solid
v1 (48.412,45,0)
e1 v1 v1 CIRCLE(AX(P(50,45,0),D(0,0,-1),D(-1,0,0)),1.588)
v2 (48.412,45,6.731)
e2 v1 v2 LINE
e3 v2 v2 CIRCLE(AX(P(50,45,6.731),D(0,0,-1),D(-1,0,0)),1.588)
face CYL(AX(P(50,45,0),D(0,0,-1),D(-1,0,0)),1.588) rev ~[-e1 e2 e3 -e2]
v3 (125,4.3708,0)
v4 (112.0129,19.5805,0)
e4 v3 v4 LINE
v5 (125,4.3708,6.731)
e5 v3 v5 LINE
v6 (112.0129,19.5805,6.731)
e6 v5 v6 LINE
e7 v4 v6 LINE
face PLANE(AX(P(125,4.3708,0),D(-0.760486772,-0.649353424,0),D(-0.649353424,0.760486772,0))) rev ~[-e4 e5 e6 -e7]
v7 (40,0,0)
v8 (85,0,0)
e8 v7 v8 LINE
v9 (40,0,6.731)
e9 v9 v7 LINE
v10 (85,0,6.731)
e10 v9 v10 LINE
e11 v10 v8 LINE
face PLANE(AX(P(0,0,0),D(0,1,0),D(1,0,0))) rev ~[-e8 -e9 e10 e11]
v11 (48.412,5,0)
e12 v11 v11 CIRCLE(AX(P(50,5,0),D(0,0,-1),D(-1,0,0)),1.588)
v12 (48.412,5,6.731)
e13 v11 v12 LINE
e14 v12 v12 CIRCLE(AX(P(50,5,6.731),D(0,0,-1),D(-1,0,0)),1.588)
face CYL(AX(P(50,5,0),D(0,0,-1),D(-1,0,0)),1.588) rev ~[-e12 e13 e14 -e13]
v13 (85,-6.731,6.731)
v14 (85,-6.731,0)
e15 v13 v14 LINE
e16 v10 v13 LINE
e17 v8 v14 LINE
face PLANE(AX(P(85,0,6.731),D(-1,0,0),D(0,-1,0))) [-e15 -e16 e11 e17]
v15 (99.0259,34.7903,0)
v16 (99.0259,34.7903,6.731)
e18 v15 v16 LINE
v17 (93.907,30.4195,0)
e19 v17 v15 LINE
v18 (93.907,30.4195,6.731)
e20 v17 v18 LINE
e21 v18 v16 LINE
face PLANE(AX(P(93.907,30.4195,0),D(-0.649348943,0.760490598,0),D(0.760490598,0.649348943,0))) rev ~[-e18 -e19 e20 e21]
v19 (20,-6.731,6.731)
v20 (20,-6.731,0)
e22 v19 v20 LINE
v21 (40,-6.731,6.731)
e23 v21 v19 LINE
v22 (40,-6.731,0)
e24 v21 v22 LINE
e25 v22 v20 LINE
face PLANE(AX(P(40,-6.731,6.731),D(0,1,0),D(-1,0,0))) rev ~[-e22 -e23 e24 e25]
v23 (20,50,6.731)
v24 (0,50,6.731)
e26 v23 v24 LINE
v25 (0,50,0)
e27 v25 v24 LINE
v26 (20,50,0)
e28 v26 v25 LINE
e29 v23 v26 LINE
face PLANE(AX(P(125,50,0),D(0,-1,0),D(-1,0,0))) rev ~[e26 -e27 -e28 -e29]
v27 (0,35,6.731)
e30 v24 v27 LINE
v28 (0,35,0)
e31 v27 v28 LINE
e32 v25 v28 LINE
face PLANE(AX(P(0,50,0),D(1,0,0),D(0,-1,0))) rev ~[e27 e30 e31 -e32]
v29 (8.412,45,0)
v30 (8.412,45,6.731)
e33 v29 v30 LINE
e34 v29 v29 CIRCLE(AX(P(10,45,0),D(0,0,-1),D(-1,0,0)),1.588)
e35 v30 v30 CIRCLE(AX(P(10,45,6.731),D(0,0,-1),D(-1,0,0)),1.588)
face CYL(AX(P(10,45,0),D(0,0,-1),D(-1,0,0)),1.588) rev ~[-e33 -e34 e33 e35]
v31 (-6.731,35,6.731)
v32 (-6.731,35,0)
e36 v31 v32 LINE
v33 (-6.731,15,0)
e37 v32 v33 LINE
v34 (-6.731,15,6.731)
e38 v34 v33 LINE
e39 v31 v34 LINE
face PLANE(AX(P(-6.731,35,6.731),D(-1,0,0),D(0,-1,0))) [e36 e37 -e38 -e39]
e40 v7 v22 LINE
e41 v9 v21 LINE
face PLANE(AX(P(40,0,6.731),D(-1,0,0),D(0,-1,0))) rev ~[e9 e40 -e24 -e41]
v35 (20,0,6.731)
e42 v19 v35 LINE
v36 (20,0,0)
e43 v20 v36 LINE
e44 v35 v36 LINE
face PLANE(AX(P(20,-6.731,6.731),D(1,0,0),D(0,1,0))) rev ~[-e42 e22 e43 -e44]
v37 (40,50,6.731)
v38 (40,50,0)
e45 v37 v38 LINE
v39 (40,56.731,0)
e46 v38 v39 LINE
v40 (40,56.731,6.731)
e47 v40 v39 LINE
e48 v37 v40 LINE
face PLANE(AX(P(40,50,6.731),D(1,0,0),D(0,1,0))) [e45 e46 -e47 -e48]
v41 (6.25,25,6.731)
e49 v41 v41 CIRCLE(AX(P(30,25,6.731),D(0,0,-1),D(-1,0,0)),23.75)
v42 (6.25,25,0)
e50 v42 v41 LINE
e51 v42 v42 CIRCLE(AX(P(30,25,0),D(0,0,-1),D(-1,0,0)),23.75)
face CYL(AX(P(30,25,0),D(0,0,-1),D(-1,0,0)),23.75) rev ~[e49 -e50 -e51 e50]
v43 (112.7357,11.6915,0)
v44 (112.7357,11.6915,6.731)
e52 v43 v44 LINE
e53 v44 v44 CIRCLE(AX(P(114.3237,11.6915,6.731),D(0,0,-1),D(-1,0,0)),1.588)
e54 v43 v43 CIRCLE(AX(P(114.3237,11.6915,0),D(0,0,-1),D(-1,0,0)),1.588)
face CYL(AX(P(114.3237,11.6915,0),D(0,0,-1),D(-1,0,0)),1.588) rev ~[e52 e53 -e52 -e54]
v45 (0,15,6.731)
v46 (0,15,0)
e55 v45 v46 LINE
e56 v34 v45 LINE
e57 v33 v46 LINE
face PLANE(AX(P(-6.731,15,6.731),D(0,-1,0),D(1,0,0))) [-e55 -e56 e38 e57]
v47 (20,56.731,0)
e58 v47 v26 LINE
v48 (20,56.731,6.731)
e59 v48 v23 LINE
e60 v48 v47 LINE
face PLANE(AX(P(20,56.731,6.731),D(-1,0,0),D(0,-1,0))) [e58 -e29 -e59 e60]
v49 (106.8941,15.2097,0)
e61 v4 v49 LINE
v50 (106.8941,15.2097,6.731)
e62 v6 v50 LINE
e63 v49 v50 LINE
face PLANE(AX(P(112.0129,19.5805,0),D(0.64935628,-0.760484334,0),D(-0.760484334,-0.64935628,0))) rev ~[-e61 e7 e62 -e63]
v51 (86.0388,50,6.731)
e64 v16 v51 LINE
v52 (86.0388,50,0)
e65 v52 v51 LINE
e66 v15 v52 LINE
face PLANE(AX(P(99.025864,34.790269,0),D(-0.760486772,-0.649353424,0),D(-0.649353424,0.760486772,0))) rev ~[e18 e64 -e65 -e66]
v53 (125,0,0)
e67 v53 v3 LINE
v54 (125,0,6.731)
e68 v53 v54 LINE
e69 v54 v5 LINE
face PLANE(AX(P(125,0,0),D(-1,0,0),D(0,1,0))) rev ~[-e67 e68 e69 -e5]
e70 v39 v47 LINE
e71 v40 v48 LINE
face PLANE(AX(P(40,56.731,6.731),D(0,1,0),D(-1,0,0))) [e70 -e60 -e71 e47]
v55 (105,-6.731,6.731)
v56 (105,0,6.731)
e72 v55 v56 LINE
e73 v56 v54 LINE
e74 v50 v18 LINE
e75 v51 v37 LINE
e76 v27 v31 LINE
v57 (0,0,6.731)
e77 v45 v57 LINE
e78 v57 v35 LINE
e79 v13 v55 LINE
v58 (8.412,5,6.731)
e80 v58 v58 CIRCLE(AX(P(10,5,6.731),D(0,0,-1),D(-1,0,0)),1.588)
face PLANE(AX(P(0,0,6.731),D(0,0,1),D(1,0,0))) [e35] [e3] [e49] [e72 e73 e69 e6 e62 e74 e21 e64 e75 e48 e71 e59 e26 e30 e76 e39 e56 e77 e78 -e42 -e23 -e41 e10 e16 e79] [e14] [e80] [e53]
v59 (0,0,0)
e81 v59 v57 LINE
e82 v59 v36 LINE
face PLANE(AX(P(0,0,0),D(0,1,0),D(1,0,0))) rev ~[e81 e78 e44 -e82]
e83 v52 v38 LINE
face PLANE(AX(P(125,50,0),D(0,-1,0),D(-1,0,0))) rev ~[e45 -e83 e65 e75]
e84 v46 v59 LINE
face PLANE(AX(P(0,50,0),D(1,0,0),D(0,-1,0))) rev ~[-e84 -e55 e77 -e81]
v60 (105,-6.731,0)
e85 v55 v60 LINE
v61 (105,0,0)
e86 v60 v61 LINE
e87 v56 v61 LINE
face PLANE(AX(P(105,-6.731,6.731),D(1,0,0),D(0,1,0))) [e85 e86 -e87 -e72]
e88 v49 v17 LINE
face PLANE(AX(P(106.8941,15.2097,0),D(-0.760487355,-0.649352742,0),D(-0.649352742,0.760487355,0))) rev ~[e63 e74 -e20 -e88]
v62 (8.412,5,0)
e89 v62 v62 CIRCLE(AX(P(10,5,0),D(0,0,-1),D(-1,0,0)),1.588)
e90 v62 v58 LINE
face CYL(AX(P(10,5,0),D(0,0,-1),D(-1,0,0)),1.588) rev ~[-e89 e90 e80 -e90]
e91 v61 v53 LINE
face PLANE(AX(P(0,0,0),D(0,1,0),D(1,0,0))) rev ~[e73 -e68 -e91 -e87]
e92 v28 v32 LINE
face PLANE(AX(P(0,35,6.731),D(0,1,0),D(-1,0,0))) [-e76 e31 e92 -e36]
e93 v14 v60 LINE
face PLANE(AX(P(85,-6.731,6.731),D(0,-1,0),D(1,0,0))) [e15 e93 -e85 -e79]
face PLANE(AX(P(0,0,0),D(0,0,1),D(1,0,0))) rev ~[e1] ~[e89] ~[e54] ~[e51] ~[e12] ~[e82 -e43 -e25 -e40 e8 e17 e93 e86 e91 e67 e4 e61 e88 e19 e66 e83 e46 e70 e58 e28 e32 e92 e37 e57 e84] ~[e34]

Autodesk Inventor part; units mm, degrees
ref_plane "YZ Plane" through (0, 0, 0) normal (1, 0, 0) x (0, 1, 0)
ref_plane "XZ Plane" through (0, 0, 0) normal (0, 1, 0) x (-1, 0, 0)
ref_plane "XY Plane" through (0, 0, 0) normal (0, 0, 1) x (1, 0, 0)
sketch "Sketch1" plane through (0, 0, 0) normal (0, 0, 1) x (1, 0, 0)
  line L0 (0, 0) -> (125, 0)
  line L1 (125, 0) -> (125, 50)
  line L2 (125, 50) -> (0, 50)
  line L3 (0, 50) -> (0, 0)
  dimension "d0" = 125
  dimension "d1" = 50
extrude "Extrusion1" add sketch "Sketch1" along normal blind 6.731
sketch "Sketch4" plane through (0, 0, 0) normal (0, 0, -1) x (-1, 0, 0)
  line L0 (-125, 50) -> (0, 50) projected
  line L1 (-125, 0) -> (-125, 50) projected
  line L2 (-125, 4.3708) -> (-86.0388, 50)
  line L3 (-112.0129, 19.5805) -> (-106.8941, 15.2097)
  line L4 (-106.8941, 15.2097) -> (-93.907, 30.4195)
  line L5 (-93.907, 30.4195) -> (-99.0259, 34.7903)
  line L6 (0, 0) -> (-125, 0) projected
  line L7 (-125, 4.3708) -> (-119.8812, 0)
  circle A0 centre (-114.3237, 11.6915) radius 1.588
  dimension "d25" = 6.731
  dimension "d26" = 20
  dimension "d27" = 20
  dimension "d28" = 6.731
  dimension "d29" = 3.176
  dimension "d30" = 3.3655
  dimension "d31" = 7.5
  dimension "d40" = 60
extrude "LCD_Cut" cut sketch "Sketch4" against normal up to next contours L0 L2 L1 | L5 L4 L3 L2 | A0
sketch "Sketch2" plane through (0, 0, 6.731) normal (0, 0, 1) x (1, 0, 0)
  line L0 (0, 0) -> (125, 0) projected
  line L1 (125, 0) -> (125, 50) projected
  line L2 (0, 50) -> (0, 0) projected
  line L3 (20, 0) -> (40, 0)
  line L4 (40, 0) -> (40, -6.731)
  line L5 (40, -6.731) -> (20, -6.731)
  line L6 (20, -6.731) -> (20, 0)
  line L7 (105, 0) -> (85, 0)
  line L8 (85, 0) -> (85, -6.731)
  line L9 (85, -6.731) -> (105, -6.731)
  line L10 (105, -6.731) -> (105, 0)
  line L11 (0, 35) -> (-6.731, 35)
  line L12 (-6.731, 35) -> (-6.731, 15)
  line L13 (-6.731, 15) -> (0, 15)
  line L14 (0, 15) -> (0, 35)
  line L15 (86.0388, 50) -> (0, 50) projected
  line L16 (20, 50) -> (40, 50)
  line L17 (40, 50) -> (40, 56.731)
  line L18 (40, 56.731) -> (20, 56.731)
  line L19 (20, 56.731) -> (20, 50)
  point P0 (-6.731, 25)
  point P1 (0, 25)
  dimension "d4" = 6.731
  dimension "d5" = 20
  dimension "d6" = 20
  dimension "d7" = 20
extrude "Tabs Pos" add sketch "Sketch2" against normal blind 6.731
sketch "Sketch3" plane through (0, 0, 0) normal (0, 0, -1) x (-1, 0, 0)
  line L0 (0, 50) -> (0, 0) projected
  line L1 (-86.0388, 50) -> (0, 50) projected
  line L2 (-20, -6.731) -> (-20, 0) projected
  circle A0 centre (-50, 45) radius 1.588
  circle A1 centre (-10, 45) radius 1.588
  circle A2 centre (-10, 5) radius 1.588
  circle A3 centre (-50, 5) radius 1.588
  line L3 (-50, 45) -> (-50, 5) construction
  line L4 (-10, 45) -> (-50, 45) construction
  line L5 (-50, 5) -> (-10, 45) construction
  circle A4 centre (-30, 25) radius 23.75
  point P0 (-150, 55)
  dimension "d10" = 3.176
  dimension "d11" = 40
  dimension "d12" = 5
  dimension "d13" = 50
  dimension "d14" = 10
  dimension "d15" = 47.5
extrude "Fan" cut sketch "Sketch3" against normal up to next
equation "\"d2\" = THICKB"
equation "\"d25\" = THICKB"
equation "\"d28\" = THICKB"
equation "\"d30\" = 0.5 * THICKB"
equation "\"d4\" = THICKB"
equation "\"d8\" = THICKB"
equation "\"d12\" = -0.5 * d11 + 0.5 * d13"
equation "\"THICKA\" = 3.175"
equation "\"THICKB\" = 6.731"
equation "\"THICKC\" = 12.7"
equation "\"THICKPLY\" = 5"
equation "\"MAGDIA\" = 9.5"
equation "\"BALLDIA\" = 12"
properties part number "Controller_Side_A"
